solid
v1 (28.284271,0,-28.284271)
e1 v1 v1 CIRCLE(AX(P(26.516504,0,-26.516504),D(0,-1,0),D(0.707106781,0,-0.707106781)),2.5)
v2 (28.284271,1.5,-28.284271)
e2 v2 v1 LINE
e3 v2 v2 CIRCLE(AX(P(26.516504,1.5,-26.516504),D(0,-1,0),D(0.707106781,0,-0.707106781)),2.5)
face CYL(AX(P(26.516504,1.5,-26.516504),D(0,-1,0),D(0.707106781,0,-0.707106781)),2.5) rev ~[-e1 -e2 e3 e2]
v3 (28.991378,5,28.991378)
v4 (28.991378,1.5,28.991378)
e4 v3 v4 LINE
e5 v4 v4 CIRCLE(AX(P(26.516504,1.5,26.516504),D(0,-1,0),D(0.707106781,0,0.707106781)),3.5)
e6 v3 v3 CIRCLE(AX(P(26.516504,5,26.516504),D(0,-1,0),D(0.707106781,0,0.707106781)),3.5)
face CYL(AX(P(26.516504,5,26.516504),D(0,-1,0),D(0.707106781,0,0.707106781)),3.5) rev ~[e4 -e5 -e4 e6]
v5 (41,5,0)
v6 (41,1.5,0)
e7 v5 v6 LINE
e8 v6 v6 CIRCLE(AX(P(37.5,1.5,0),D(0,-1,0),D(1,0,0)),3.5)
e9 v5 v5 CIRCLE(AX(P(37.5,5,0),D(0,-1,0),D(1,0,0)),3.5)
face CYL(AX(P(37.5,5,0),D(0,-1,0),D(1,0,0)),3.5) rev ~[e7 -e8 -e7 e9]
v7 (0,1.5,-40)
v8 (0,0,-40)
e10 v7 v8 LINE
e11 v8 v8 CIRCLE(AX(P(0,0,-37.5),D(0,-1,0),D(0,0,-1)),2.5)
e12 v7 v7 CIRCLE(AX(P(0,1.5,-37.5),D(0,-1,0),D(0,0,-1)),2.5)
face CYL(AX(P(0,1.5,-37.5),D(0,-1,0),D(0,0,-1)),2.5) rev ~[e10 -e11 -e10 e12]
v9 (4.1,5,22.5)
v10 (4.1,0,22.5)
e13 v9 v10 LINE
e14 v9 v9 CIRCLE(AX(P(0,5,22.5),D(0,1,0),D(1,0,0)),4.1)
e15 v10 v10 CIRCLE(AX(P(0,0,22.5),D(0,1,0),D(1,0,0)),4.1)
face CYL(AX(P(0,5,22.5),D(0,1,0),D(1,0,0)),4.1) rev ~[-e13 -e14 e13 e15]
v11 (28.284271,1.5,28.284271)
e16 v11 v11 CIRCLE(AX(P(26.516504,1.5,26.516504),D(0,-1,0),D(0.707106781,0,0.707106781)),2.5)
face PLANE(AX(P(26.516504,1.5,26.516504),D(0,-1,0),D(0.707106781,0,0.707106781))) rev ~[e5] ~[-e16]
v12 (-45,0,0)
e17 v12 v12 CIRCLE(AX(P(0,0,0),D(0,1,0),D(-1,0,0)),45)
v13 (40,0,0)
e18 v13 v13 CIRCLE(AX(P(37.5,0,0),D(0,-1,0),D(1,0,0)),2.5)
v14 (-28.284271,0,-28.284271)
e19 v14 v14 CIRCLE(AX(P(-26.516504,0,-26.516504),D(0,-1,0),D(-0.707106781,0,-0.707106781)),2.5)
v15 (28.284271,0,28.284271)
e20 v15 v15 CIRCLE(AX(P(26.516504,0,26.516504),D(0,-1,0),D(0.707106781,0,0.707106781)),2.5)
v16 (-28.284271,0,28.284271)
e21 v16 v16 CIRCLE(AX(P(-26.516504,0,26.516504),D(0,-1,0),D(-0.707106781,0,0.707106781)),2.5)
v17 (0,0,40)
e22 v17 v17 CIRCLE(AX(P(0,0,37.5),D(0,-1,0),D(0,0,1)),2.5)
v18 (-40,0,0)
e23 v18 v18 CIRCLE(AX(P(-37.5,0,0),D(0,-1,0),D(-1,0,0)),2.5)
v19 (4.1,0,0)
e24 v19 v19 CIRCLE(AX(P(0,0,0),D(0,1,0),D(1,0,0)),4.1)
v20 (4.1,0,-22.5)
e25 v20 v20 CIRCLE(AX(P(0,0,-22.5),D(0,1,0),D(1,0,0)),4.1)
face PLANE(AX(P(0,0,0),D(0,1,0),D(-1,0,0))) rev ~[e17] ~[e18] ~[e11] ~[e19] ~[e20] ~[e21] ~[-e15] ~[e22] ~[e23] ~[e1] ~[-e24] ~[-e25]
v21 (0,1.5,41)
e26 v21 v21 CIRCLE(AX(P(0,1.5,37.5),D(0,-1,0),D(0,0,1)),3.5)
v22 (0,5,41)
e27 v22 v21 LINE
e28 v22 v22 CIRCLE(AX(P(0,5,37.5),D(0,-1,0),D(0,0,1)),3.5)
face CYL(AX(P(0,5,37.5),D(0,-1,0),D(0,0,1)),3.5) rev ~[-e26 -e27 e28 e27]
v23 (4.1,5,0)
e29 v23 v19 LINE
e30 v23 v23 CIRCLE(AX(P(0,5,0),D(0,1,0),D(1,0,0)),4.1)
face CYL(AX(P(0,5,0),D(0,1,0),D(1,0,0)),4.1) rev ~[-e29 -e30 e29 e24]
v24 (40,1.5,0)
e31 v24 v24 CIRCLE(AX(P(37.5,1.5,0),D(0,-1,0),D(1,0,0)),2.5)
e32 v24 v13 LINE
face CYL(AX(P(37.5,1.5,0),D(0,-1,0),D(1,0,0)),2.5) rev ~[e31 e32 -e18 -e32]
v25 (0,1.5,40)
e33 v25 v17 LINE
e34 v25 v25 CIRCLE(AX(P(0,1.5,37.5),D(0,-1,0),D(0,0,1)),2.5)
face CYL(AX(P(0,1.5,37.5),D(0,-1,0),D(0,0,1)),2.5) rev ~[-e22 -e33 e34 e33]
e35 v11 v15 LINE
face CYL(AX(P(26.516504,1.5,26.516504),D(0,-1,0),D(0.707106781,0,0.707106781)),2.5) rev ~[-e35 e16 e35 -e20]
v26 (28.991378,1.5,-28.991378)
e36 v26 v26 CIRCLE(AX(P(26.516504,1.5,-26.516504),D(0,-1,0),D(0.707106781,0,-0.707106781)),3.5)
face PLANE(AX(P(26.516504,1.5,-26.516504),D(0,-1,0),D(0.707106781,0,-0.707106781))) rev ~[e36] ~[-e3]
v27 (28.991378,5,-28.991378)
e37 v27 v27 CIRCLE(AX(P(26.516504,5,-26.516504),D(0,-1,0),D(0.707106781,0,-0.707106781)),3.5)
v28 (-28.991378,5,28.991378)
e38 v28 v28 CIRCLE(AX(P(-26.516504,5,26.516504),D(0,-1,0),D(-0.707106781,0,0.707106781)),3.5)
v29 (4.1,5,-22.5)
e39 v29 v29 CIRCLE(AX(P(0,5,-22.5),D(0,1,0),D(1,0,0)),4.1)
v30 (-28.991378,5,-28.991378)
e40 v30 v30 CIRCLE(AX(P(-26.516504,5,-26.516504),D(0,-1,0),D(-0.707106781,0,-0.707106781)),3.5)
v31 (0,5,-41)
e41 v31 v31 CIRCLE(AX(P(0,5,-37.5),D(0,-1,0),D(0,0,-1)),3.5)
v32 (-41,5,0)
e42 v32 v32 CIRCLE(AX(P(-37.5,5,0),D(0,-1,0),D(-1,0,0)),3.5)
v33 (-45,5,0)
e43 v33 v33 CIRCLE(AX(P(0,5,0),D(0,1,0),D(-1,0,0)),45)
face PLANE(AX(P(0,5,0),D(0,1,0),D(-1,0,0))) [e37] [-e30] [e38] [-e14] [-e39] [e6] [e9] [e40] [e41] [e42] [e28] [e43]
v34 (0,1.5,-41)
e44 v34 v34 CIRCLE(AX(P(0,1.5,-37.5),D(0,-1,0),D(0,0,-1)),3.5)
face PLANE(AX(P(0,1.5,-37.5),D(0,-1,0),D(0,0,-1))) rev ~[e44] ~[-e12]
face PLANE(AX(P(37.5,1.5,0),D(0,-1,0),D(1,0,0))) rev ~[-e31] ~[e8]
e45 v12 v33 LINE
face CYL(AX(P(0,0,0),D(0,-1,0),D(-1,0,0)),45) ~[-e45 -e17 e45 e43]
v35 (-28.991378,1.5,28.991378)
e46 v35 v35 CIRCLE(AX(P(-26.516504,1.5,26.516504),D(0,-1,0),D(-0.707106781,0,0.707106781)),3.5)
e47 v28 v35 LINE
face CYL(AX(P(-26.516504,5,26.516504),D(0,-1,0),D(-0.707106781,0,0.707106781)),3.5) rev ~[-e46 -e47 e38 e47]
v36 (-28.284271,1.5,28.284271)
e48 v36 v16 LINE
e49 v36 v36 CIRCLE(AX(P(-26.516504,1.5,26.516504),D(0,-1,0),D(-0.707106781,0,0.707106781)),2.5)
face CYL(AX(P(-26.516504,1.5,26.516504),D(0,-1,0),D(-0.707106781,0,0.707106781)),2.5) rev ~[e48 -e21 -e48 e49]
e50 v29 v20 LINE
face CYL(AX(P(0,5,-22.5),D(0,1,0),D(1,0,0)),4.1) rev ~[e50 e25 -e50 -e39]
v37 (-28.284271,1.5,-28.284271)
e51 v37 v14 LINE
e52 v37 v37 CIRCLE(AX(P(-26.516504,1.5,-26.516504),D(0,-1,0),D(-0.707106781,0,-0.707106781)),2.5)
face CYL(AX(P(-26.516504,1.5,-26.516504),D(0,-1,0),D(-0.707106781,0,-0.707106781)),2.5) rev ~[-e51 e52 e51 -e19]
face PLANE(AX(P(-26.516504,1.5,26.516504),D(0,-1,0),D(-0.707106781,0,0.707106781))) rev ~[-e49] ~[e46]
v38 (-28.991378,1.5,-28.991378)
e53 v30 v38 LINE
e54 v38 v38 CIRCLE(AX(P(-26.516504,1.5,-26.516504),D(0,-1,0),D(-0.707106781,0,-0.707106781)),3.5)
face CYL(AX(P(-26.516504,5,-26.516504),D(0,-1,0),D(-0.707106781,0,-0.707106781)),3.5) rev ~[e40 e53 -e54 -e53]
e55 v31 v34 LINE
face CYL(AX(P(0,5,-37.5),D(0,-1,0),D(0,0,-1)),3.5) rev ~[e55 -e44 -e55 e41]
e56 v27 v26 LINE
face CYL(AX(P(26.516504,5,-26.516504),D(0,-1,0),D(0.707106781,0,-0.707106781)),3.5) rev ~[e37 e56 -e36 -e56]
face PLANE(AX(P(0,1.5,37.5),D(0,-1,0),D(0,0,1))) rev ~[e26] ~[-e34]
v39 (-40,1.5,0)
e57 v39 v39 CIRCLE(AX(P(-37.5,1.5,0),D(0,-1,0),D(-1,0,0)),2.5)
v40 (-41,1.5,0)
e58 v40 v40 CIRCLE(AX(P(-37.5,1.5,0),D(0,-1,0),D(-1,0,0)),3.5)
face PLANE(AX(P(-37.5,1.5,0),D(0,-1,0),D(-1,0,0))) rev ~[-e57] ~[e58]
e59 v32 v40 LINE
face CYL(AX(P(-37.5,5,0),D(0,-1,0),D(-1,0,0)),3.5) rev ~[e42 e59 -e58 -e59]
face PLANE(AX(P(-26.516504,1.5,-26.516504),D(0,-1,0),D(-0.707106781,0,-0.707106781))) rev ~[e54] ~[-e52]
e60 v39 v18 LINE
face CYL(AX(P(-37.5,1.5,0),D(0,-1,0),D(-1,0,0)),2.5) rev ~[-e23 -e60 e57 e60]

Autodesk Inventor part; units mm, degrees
ref_plane "YZ Plane" through (0, 0, 0) normal (1, 0, 0) x (0, 1, 0)
ref_plane "XZ Plane" through (0, 0, 0) normal (0, 1, 0) x (-1, 0, 0)
ref_plane "XY Plane" through (0, 0, 0) normal (0, 0, 1) x (1, 0, 0)
sketch "Sketch1" plane through (0, 0, 0) normal (0, 1, 0) x (-1, 0, 0)
  circle A0 centre (0, 0) radius 45
  dimension "d0" = 90
extrude "Extrusion1" add sketch "Sketch1" along normal blind 5
sketch "Sketch2" plane through (0, 5, 0) normal (0, 1, 0) x (1, 0, 0)
  point P0 (0, 0)
  point P1 (0, -37.5)
  dimension "d17" = 37.5
sketch "Sketch3" plane through (0, 5, 0) normal (0, 1, 0) x (1, 0, 0)
  circle A0 centre (0, -22.5) radius 4.1
  circle A1 centre (0, 22.5) radius 4.1
  line L0 (-27.2764, 0) -> (27.2764, 0) construction
  circle A2 centre (0, 0) radius 4.1
  dimension "d12" = 8.2
  dimension "d14" = 45
extrude "Extrusion3" cut sketch "Sketch3" against normal up to surface (5 mm away)
hole "Hole1" at (0, 5, 37.5) direction (0, -1, 0) diameter 5 end through all counterbore diameter 7 counterbore depth 3.5
pattern_circular "Circular Pattern2" count 8 over 360 about axis through (0, 0, 0) along (0, 1, 0) of "Hole1"
